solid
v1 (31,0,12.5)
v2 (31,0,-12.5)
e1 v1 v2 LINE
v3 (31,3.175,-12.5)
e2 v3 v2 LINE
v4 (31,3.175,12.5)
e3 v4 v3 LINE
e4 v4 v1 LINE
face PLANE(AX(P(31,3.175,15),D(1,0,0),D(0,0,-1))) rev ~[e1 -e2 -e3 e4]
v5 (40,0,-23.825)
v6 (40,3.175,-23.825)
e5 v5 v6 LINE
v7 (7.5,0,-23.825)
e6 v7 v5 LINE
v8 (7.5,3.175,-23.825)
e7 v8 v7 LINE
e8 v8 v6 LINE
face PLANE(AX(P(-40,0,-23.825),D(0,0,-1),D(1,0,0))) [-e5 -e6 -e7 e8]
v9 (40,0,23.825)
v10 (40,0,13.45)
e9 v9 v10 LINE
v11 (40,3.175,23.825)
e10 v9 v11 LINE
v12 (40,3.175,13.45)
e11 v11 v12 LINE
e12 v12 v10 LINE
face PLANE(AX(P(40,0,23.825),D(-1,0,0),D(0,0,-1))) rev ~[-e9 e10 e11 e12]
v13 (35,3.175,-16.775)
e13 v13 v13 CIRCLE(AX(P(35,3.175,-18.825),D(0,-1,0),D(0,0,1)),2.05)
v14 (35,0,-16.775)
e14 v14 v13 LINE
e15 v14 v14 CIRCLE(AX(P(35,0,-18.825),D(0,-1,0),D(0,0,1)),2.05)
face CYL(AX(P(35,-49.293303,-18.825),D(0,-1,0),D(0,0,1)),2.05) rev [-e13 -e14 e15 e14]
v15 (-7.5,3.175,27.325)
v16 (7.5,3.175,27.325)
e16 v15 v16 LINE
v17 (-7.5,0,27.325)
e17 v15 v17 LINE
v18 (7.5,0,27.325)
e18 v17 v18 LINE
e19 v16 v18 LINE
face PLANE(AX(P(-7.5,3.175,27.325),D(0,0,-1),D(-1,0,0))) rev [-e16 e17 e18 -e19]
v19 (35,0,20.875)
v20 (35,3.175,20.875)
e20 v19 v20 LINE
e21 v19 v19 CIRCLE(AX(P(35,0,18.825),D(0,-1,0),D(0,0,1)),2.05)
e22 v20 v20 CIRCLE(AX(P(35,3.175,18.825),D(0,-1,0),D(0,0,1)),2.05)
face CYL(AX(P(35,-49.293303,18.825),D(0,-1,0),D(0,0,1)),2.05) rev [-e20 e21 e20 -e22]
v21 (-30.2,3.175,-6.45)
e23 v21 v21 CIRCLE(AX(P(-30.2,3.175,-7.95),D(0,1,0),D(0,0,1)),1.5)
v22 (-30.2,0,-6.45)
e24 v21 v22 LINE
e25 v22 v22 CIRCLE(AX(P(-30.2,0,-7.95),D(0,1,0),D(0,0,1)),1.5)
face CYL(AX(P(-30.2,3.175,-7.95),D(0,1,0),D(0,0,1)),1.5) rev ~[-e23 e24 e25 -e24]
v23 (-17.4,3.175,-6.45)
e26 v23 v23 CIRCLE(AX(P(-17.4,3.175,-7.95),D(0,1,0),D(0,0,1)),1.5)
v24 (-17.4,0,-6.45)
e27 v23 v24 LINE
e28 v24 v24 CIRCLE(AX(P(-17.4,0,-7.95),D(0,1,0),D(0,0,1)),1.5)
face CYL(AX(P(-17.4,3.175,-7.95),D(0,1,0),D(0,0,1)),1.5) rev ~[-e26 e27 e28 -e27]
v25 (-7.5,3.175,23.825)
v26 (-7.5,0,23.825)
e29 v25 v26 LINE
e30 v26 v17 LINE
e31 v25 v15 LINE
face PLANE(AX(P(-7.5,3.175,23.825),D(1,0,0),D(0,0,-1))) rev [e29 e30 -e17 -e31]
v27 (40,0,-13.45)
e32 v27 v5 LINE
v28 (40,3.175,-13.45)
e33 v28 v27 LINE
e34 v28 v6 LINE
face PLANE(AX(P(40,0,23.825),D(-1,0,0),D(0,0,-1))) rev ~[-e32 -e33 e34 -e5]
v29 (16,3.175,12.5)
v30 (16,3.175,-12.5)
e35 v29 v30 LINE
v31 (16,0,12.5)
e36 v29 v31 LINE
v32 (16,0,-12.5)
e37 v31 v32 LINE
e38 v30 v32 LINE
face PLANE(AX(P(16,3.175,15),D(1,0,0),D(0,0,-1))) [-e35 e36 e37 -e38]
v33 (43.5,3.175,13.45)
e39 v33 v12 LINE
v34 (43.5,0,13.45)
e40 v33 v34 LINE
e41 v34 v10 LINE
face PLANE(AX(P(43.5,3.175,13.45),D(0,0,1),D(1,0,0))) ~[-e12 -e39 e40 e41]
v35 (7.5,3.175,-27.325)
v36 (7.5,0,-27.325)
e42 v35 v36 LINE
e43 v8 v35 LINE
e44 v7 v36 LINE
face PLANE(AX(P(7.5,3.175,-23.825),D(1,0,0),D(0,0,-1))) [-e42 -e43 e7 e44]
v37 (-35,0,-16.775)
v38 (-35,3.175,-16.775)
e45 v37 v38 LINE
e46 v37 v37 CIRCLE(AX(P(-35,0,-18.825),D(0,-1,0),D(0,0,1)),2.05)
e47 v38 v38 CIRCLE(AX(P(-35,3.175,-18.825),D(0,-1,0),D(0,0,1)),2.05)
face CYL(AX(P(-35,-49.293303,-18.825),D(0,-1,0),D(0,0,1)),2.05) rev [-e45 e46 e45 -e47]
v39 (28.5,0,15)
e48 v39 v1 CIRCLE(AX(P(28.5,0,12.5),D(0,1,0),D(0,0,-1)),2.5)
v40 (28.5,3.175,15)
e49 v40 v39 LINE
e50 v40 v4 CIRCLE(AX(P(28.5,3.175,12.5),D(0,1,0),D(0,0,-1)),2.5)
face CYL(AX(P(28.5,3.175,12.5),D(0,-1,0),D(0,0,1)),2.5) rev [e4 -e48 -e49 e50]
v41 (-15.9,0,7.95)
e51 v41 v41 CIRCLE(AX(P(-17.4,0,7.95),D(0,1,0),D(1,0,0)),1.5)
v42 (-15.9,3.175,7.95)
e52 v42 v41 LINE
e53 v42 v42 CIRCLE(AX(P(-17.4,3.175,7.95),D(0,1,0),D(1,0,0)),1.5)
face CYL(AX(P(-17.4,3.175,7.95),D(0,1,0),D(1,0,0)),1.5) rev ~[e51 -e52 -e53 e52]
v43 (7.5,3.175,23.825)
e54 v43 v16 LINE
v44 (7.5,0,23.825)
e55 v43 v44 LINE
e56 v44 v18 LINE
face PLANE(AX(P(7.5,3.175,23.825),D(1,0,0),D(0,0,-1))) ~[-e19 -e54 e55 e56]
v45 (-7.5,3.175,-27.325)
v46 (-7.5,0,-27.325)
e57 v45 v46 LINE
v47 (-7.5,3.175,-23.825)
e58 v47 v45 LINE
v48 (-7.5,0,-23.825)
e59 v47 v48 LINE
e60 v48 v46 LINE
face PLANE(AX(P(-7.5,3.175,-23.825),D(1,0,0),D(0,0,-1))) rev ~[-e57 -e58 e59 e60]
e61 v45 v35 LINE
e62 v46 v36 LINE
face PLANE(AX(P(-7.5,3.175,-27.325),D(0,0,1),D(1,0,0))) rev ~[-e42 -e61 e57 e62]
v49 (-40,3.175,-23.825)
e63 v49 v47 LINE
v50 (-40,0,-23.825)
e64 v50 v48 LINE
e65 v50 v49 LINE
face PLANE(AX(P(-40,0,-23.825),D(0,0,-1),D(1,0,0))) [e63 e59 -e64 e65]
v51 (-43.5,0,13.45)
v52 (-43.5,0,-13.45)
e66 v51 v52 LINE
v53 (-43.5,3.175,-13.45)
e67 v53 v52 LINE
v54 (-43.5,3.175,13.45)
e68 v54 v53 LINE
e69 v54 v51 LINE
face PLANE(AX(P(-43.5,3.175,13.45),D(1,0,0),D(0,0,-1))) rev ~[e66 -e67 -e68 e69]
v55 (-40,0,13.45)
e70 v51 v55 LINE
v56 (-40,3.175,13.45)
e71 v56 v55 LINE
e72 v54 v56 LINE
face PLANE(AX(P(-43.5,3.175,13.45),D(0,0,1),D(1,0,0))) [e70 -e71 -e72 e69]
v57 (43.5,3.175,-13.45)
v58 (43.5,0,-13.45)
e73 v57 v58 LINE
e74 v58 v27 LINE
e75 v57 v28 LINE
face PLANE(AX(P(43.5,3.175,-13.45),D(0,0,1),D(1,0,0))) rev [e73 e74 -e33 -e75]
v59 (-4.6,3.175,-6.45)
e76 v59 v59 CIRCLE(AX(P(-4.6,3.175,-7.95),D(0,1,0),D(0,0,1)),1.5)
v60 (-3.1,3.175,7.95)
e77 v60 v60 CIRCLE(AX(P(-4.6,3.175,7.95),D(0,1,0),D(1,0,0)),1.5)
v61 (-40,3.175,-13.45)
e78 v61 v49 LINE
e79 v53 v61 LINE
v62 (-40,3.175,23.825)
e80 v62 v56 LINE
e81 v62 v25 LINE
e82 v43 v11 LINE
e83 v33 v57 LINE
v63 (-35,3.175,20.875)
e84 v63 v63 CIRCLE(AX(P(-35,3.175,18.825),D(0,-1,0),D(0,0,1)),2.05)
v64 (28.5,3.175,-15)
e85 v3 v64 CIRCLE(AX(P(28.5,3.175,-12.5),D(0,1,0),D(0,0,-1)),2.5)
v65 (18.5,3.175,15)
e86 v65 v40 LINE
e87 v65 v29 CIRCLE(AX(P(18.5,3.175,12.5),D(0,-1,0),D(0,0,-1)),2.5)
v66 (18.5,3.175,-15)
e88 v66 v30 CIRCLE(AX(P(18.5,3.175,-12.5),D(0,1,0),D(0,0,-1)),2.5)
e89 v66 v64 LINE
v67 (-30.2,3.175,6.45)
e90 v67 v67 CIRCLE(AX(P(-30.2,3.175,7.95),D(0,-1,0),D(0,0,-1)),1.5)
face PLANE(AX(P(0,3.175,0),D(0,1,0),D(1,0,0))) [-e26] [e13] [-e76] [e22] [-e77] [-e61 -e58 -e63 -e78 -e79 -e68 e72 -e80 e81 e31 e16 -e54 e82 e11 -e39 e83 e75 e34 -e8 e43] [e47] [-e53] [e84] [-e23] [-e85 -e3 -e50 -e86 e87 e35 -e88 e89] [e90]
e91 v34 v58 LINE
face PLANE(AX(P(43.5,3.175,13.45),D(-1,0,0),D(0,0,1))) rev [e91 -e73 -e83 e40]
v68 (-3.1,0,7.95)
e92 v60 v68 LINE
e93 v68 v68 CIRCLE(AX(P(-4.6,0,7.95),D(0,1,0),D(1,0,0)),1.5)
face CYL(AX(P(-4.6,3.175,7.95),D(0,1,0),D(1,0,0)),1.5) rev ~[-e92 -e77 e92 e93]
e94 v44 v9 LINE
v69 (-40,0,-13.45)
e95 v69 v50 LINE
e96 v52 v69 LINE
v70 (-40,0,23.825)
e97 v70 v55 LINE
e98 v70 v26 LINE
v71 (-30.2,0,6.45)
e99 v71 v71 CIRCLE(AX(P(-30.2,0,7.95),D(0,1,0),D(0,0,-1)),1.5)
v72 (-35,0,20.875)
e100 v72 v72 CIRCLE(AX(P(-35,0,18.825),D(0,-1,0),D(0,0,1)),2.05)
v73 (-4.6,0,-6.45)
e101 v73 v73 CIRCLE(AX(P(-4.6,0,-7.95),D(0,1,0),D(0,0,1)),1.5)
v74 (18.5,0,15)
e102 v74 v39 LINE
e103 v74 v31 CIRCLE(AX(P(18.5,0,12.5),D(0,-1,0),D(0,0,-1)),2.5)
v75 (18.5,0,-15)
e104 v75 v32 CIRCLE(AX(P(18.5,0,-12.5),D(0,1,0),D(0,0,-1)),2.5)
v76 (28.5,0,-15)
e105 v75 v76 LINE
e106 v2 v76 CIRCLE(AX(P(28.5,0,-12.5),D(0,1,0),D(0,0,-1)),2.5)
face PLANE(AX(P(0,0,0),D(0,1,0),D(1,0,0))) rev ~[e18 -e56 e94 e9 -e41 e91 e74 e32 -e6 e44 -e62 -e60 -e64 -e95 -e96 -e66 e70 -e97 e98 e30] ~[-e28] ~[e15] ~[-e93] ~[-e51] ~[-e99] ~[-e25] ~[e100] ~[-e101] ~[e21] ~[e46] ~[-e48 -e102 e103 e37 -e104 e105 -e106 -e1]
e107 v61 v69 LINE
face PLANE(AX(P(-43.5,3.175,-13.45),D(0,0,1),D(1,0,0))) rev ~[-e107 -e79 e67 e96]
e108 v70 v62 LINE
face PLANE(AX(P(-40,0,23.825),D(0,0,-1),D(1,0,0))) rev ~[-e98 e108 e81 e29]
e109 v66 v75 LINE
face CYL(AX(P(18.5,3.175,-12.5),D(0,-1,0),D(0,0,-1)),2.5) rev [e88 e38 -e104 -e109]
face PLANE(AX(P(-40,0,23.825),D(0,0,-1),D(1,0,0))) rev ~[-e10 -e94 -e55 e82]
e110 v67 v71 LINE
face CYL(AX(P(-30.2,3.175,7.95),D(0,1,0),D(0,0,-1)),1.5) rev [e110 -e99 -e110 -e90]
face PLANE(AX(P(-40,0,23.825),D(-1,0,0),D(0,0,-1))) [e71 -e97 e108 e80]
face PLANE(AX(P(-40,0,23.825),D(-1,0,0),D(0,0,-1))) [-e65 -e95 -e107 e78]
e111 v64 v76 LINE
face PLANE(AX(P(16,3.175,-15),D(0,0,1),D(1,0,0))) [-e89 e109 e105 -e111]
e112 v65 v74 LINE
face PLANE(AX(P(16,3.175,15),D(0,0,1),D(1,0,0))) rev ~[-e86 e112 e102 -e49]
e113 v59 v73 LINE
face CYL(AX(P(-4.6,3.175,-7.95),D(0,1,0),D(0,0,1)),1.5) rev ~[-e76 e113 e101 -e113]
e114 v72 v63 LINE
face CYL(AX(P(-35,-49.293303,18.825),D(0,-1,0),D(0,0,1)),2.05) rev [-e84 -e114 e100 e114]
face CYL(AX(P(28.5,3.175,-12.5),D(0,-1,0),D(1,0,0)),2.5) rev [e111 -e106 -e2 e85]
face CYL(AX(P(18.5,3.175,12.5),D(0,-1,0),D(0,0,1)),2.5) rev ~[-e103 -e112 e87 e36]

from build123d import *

# Parameters (mm, degrees)
SKETCH2_W               = 80
SKETCH2_H               = 47.65
BOSS_EXTRUDE1_DEPTH     = 3.175
SKETCH3_W               = 15
SKETCH3_H               = 3.5
BOSS_EXTRUDE2_DEPTH     = 3.175
SKETCH4_W               = 3.5
SKETCH4_H               = 26.9
BOSS_EXTRUDE3_DEPTH     = 3.175
SKETCH5_R               = 1.5
CUT_EXTRUDE1_DEPTH      = 20
LPATTERN1_COUNT         = 3
LPATTERN1_PITCH         = 12.8
MIRROR3_COPY_1_SKETCH_R = 1.5
MIRROR3_COPY_1_DEPTH    = 20
MIRROR3_COPY_2_SKETCH_R = 1.5
MIRROR3_COPY_2_DEPTH    = 20
SKETCH6_W               = 15
SKETCH6_H               = 30
CUT_EXTRUDE2_DEPTH      = 52.468303353
FILLET1_R               = 2.5
CUT_EXTRUDE3_DEPTH      = 52.468303353
CUT_EXTRUDE3_DEPTH_BACK = 52.468303353
SKETCH7_R               = 2.05


with BuildPart() as part:
    # Sketch2 → Boss-Extrude1 (new body)
    with BuildSketch(Plane(origin=(0, 0, 0), x_dir=(1, 0, 0), z_dir=(0, 1, 0))):
        Rectangle(SKETCH2_W, SKETCH2_H)
    extrude(amount=BOSS_EXTRUDE1_DEPTH)

    # Sketch3 → Boss-Extrude2 (add)
    with BuildSketch(Plane(origin=(0, 3.175, 0), x_dir=(1, 0, 0), z_dir=(0, 1, 0))):
        with Locations((0, 25.575)):
            Rectangle(SKETCH3_W, SKETCH3_H)
    boss_extrude2 = extrude(amount=-BOSS_EXTRUDE2_DEPTH)

    # Sketch4 → Boss-Extrude3 (add)
    with BuildSketch(Plane(origin=(0, 3.175, 0), x_dir=(1, 0, 0), z_dir=(0, 1, 0))):
        with Locations((-41.75, 0)):
            Rectangle(SKETCH4_W, SKETCH4_H)
    boss_extrude3 = extrude(amount=-BOSS_EXTRUDE3_DEPTH)

    # Mirror1: Boss-Extrude3 across plane
    add(boss_extrude3.mirror(Plane(origin=(0, 0, 0), x_dir=(0, 0, 1), z_dir=(1, 0, 0))))

    # Mirror2: Boss-Extrude2 across plane
    add(boss_extrude2.mirror(Plane.XY))

    # Sketch5 → Cut-Extrude1 (cut)
    with BuildSketch(Plane(origin=(0, 3.175, 0), x_dir=(1, 0, 0), z_dir=(0, 1, 0))):
        with Locations(Location((-30.2, 7.95, 0), (0, 0, 270))):
            Circle(SKETCH5_R)
    cut_extrude1 = extrude(amount=-CUT_EXTRUDE1_DEPTH, mode=Mode.SUBTRACT)

    # LPattern1: Cut-Extrude1 ×3
    with Locations(*[(i * LPATTERN1_PITCH, 0, 0) for i in range(1, LPATTERN1_COUNT)]):
        add(cut_extrude1, mode=Mode.SUBTRACT)

    # Mirror3: Cut-Extrude1 across plane
    add(cut_extrude1.mirror(Plane.XY), mode=Mode.SUBTRACT)

    # Mirror3 copy 1 sketch → Mirror3 copy 1 (cut)
    with BuildSketch(Plane(origin=(12.8, 3.175, 0), x_dir=(1, 0, 0), z_dir=(0, 1, 0))):
        with Locations((-30.2, -7.95)):
            Circle(MIRROR3_COPY_1_SKETCH_R)
    extrude(amount=-MIRROR3_COPY_1_DEPTH, mode=Mode.SUBTRACT)

    # Mirror3 copy 2 sketch → Mirror3 copy 2 (cut)
    with BuildSketch(Plane(origin=(25.6, 3.175, 0), x_dir=(1, 0, 0), z_dir=(0, 1, 0))):
        with Locations((-30.2, -7.95)):
            Circle(MIRROR3_COPY_2_SKETCH_R)
    extrude(amount=-MIRROR3_COPY_2_DEPTH, mode=Mode.SUBTRACT)

    # Sketch6 → Cut-Extrude2 (cut, through all)
    with BuildSketch(Plane(origin=(0, 3.175, 0), x_dir=(1, 0, 0), z_dir=(0, 1, 0))):
        with Locations((23.5, 0)):
            Rectangle(SKETCH6_W, SKETCH6_H)
    extrude(amount=-CUT_EXTRUDE2_DEPTH, mode=Mode.SUBTRACT)

    # Fillet1
    fillet1_edges = [part.edges().sort_by_distance(p)[0] for p in [
        (16, 1.5875, 15),
        (16, 1.5875, -15),
        (31, 1.5875, -15),
        (31, 1.5875, 15),
    ]]
    fillet(fillet1_edges, radius=FILLET1_R)

    # Sketch7 → Cut-Extrude3 (cut, two sides: drawn at the far end of the back side and taken through both)
    with BuildSketch(Plane(origin=(0, 3.175, 0), x_dir=(1, 0, 0), z_dir=(0, 1, 0)).offset(-CUT_EXTRUDE3_DEPTH_BACK)):
        with Locations(Location((-35, 18.825, 0), (0, 0, 270))):
            Circle(SKETCH7_R)
        with Locations(Location((35, 18.825, 0), (0, 0, 270))):
            Circle(SKETCH7_R)
        with Locations(Location((-35, -18.825, 0), (0, 0, 270))):
            Circle(SKETCH7_R)
        with Locations(Location((35, -18.825, 0), (0, 0, 270))):
            Circle(SKETCH7_R)
    extrude(amount=CUT_EXTRUDE3_DEPTH + CUT_EXTRUDE3_DEPTH_BACK, mode=Mode.SUBTRACT)


solid = part.part
